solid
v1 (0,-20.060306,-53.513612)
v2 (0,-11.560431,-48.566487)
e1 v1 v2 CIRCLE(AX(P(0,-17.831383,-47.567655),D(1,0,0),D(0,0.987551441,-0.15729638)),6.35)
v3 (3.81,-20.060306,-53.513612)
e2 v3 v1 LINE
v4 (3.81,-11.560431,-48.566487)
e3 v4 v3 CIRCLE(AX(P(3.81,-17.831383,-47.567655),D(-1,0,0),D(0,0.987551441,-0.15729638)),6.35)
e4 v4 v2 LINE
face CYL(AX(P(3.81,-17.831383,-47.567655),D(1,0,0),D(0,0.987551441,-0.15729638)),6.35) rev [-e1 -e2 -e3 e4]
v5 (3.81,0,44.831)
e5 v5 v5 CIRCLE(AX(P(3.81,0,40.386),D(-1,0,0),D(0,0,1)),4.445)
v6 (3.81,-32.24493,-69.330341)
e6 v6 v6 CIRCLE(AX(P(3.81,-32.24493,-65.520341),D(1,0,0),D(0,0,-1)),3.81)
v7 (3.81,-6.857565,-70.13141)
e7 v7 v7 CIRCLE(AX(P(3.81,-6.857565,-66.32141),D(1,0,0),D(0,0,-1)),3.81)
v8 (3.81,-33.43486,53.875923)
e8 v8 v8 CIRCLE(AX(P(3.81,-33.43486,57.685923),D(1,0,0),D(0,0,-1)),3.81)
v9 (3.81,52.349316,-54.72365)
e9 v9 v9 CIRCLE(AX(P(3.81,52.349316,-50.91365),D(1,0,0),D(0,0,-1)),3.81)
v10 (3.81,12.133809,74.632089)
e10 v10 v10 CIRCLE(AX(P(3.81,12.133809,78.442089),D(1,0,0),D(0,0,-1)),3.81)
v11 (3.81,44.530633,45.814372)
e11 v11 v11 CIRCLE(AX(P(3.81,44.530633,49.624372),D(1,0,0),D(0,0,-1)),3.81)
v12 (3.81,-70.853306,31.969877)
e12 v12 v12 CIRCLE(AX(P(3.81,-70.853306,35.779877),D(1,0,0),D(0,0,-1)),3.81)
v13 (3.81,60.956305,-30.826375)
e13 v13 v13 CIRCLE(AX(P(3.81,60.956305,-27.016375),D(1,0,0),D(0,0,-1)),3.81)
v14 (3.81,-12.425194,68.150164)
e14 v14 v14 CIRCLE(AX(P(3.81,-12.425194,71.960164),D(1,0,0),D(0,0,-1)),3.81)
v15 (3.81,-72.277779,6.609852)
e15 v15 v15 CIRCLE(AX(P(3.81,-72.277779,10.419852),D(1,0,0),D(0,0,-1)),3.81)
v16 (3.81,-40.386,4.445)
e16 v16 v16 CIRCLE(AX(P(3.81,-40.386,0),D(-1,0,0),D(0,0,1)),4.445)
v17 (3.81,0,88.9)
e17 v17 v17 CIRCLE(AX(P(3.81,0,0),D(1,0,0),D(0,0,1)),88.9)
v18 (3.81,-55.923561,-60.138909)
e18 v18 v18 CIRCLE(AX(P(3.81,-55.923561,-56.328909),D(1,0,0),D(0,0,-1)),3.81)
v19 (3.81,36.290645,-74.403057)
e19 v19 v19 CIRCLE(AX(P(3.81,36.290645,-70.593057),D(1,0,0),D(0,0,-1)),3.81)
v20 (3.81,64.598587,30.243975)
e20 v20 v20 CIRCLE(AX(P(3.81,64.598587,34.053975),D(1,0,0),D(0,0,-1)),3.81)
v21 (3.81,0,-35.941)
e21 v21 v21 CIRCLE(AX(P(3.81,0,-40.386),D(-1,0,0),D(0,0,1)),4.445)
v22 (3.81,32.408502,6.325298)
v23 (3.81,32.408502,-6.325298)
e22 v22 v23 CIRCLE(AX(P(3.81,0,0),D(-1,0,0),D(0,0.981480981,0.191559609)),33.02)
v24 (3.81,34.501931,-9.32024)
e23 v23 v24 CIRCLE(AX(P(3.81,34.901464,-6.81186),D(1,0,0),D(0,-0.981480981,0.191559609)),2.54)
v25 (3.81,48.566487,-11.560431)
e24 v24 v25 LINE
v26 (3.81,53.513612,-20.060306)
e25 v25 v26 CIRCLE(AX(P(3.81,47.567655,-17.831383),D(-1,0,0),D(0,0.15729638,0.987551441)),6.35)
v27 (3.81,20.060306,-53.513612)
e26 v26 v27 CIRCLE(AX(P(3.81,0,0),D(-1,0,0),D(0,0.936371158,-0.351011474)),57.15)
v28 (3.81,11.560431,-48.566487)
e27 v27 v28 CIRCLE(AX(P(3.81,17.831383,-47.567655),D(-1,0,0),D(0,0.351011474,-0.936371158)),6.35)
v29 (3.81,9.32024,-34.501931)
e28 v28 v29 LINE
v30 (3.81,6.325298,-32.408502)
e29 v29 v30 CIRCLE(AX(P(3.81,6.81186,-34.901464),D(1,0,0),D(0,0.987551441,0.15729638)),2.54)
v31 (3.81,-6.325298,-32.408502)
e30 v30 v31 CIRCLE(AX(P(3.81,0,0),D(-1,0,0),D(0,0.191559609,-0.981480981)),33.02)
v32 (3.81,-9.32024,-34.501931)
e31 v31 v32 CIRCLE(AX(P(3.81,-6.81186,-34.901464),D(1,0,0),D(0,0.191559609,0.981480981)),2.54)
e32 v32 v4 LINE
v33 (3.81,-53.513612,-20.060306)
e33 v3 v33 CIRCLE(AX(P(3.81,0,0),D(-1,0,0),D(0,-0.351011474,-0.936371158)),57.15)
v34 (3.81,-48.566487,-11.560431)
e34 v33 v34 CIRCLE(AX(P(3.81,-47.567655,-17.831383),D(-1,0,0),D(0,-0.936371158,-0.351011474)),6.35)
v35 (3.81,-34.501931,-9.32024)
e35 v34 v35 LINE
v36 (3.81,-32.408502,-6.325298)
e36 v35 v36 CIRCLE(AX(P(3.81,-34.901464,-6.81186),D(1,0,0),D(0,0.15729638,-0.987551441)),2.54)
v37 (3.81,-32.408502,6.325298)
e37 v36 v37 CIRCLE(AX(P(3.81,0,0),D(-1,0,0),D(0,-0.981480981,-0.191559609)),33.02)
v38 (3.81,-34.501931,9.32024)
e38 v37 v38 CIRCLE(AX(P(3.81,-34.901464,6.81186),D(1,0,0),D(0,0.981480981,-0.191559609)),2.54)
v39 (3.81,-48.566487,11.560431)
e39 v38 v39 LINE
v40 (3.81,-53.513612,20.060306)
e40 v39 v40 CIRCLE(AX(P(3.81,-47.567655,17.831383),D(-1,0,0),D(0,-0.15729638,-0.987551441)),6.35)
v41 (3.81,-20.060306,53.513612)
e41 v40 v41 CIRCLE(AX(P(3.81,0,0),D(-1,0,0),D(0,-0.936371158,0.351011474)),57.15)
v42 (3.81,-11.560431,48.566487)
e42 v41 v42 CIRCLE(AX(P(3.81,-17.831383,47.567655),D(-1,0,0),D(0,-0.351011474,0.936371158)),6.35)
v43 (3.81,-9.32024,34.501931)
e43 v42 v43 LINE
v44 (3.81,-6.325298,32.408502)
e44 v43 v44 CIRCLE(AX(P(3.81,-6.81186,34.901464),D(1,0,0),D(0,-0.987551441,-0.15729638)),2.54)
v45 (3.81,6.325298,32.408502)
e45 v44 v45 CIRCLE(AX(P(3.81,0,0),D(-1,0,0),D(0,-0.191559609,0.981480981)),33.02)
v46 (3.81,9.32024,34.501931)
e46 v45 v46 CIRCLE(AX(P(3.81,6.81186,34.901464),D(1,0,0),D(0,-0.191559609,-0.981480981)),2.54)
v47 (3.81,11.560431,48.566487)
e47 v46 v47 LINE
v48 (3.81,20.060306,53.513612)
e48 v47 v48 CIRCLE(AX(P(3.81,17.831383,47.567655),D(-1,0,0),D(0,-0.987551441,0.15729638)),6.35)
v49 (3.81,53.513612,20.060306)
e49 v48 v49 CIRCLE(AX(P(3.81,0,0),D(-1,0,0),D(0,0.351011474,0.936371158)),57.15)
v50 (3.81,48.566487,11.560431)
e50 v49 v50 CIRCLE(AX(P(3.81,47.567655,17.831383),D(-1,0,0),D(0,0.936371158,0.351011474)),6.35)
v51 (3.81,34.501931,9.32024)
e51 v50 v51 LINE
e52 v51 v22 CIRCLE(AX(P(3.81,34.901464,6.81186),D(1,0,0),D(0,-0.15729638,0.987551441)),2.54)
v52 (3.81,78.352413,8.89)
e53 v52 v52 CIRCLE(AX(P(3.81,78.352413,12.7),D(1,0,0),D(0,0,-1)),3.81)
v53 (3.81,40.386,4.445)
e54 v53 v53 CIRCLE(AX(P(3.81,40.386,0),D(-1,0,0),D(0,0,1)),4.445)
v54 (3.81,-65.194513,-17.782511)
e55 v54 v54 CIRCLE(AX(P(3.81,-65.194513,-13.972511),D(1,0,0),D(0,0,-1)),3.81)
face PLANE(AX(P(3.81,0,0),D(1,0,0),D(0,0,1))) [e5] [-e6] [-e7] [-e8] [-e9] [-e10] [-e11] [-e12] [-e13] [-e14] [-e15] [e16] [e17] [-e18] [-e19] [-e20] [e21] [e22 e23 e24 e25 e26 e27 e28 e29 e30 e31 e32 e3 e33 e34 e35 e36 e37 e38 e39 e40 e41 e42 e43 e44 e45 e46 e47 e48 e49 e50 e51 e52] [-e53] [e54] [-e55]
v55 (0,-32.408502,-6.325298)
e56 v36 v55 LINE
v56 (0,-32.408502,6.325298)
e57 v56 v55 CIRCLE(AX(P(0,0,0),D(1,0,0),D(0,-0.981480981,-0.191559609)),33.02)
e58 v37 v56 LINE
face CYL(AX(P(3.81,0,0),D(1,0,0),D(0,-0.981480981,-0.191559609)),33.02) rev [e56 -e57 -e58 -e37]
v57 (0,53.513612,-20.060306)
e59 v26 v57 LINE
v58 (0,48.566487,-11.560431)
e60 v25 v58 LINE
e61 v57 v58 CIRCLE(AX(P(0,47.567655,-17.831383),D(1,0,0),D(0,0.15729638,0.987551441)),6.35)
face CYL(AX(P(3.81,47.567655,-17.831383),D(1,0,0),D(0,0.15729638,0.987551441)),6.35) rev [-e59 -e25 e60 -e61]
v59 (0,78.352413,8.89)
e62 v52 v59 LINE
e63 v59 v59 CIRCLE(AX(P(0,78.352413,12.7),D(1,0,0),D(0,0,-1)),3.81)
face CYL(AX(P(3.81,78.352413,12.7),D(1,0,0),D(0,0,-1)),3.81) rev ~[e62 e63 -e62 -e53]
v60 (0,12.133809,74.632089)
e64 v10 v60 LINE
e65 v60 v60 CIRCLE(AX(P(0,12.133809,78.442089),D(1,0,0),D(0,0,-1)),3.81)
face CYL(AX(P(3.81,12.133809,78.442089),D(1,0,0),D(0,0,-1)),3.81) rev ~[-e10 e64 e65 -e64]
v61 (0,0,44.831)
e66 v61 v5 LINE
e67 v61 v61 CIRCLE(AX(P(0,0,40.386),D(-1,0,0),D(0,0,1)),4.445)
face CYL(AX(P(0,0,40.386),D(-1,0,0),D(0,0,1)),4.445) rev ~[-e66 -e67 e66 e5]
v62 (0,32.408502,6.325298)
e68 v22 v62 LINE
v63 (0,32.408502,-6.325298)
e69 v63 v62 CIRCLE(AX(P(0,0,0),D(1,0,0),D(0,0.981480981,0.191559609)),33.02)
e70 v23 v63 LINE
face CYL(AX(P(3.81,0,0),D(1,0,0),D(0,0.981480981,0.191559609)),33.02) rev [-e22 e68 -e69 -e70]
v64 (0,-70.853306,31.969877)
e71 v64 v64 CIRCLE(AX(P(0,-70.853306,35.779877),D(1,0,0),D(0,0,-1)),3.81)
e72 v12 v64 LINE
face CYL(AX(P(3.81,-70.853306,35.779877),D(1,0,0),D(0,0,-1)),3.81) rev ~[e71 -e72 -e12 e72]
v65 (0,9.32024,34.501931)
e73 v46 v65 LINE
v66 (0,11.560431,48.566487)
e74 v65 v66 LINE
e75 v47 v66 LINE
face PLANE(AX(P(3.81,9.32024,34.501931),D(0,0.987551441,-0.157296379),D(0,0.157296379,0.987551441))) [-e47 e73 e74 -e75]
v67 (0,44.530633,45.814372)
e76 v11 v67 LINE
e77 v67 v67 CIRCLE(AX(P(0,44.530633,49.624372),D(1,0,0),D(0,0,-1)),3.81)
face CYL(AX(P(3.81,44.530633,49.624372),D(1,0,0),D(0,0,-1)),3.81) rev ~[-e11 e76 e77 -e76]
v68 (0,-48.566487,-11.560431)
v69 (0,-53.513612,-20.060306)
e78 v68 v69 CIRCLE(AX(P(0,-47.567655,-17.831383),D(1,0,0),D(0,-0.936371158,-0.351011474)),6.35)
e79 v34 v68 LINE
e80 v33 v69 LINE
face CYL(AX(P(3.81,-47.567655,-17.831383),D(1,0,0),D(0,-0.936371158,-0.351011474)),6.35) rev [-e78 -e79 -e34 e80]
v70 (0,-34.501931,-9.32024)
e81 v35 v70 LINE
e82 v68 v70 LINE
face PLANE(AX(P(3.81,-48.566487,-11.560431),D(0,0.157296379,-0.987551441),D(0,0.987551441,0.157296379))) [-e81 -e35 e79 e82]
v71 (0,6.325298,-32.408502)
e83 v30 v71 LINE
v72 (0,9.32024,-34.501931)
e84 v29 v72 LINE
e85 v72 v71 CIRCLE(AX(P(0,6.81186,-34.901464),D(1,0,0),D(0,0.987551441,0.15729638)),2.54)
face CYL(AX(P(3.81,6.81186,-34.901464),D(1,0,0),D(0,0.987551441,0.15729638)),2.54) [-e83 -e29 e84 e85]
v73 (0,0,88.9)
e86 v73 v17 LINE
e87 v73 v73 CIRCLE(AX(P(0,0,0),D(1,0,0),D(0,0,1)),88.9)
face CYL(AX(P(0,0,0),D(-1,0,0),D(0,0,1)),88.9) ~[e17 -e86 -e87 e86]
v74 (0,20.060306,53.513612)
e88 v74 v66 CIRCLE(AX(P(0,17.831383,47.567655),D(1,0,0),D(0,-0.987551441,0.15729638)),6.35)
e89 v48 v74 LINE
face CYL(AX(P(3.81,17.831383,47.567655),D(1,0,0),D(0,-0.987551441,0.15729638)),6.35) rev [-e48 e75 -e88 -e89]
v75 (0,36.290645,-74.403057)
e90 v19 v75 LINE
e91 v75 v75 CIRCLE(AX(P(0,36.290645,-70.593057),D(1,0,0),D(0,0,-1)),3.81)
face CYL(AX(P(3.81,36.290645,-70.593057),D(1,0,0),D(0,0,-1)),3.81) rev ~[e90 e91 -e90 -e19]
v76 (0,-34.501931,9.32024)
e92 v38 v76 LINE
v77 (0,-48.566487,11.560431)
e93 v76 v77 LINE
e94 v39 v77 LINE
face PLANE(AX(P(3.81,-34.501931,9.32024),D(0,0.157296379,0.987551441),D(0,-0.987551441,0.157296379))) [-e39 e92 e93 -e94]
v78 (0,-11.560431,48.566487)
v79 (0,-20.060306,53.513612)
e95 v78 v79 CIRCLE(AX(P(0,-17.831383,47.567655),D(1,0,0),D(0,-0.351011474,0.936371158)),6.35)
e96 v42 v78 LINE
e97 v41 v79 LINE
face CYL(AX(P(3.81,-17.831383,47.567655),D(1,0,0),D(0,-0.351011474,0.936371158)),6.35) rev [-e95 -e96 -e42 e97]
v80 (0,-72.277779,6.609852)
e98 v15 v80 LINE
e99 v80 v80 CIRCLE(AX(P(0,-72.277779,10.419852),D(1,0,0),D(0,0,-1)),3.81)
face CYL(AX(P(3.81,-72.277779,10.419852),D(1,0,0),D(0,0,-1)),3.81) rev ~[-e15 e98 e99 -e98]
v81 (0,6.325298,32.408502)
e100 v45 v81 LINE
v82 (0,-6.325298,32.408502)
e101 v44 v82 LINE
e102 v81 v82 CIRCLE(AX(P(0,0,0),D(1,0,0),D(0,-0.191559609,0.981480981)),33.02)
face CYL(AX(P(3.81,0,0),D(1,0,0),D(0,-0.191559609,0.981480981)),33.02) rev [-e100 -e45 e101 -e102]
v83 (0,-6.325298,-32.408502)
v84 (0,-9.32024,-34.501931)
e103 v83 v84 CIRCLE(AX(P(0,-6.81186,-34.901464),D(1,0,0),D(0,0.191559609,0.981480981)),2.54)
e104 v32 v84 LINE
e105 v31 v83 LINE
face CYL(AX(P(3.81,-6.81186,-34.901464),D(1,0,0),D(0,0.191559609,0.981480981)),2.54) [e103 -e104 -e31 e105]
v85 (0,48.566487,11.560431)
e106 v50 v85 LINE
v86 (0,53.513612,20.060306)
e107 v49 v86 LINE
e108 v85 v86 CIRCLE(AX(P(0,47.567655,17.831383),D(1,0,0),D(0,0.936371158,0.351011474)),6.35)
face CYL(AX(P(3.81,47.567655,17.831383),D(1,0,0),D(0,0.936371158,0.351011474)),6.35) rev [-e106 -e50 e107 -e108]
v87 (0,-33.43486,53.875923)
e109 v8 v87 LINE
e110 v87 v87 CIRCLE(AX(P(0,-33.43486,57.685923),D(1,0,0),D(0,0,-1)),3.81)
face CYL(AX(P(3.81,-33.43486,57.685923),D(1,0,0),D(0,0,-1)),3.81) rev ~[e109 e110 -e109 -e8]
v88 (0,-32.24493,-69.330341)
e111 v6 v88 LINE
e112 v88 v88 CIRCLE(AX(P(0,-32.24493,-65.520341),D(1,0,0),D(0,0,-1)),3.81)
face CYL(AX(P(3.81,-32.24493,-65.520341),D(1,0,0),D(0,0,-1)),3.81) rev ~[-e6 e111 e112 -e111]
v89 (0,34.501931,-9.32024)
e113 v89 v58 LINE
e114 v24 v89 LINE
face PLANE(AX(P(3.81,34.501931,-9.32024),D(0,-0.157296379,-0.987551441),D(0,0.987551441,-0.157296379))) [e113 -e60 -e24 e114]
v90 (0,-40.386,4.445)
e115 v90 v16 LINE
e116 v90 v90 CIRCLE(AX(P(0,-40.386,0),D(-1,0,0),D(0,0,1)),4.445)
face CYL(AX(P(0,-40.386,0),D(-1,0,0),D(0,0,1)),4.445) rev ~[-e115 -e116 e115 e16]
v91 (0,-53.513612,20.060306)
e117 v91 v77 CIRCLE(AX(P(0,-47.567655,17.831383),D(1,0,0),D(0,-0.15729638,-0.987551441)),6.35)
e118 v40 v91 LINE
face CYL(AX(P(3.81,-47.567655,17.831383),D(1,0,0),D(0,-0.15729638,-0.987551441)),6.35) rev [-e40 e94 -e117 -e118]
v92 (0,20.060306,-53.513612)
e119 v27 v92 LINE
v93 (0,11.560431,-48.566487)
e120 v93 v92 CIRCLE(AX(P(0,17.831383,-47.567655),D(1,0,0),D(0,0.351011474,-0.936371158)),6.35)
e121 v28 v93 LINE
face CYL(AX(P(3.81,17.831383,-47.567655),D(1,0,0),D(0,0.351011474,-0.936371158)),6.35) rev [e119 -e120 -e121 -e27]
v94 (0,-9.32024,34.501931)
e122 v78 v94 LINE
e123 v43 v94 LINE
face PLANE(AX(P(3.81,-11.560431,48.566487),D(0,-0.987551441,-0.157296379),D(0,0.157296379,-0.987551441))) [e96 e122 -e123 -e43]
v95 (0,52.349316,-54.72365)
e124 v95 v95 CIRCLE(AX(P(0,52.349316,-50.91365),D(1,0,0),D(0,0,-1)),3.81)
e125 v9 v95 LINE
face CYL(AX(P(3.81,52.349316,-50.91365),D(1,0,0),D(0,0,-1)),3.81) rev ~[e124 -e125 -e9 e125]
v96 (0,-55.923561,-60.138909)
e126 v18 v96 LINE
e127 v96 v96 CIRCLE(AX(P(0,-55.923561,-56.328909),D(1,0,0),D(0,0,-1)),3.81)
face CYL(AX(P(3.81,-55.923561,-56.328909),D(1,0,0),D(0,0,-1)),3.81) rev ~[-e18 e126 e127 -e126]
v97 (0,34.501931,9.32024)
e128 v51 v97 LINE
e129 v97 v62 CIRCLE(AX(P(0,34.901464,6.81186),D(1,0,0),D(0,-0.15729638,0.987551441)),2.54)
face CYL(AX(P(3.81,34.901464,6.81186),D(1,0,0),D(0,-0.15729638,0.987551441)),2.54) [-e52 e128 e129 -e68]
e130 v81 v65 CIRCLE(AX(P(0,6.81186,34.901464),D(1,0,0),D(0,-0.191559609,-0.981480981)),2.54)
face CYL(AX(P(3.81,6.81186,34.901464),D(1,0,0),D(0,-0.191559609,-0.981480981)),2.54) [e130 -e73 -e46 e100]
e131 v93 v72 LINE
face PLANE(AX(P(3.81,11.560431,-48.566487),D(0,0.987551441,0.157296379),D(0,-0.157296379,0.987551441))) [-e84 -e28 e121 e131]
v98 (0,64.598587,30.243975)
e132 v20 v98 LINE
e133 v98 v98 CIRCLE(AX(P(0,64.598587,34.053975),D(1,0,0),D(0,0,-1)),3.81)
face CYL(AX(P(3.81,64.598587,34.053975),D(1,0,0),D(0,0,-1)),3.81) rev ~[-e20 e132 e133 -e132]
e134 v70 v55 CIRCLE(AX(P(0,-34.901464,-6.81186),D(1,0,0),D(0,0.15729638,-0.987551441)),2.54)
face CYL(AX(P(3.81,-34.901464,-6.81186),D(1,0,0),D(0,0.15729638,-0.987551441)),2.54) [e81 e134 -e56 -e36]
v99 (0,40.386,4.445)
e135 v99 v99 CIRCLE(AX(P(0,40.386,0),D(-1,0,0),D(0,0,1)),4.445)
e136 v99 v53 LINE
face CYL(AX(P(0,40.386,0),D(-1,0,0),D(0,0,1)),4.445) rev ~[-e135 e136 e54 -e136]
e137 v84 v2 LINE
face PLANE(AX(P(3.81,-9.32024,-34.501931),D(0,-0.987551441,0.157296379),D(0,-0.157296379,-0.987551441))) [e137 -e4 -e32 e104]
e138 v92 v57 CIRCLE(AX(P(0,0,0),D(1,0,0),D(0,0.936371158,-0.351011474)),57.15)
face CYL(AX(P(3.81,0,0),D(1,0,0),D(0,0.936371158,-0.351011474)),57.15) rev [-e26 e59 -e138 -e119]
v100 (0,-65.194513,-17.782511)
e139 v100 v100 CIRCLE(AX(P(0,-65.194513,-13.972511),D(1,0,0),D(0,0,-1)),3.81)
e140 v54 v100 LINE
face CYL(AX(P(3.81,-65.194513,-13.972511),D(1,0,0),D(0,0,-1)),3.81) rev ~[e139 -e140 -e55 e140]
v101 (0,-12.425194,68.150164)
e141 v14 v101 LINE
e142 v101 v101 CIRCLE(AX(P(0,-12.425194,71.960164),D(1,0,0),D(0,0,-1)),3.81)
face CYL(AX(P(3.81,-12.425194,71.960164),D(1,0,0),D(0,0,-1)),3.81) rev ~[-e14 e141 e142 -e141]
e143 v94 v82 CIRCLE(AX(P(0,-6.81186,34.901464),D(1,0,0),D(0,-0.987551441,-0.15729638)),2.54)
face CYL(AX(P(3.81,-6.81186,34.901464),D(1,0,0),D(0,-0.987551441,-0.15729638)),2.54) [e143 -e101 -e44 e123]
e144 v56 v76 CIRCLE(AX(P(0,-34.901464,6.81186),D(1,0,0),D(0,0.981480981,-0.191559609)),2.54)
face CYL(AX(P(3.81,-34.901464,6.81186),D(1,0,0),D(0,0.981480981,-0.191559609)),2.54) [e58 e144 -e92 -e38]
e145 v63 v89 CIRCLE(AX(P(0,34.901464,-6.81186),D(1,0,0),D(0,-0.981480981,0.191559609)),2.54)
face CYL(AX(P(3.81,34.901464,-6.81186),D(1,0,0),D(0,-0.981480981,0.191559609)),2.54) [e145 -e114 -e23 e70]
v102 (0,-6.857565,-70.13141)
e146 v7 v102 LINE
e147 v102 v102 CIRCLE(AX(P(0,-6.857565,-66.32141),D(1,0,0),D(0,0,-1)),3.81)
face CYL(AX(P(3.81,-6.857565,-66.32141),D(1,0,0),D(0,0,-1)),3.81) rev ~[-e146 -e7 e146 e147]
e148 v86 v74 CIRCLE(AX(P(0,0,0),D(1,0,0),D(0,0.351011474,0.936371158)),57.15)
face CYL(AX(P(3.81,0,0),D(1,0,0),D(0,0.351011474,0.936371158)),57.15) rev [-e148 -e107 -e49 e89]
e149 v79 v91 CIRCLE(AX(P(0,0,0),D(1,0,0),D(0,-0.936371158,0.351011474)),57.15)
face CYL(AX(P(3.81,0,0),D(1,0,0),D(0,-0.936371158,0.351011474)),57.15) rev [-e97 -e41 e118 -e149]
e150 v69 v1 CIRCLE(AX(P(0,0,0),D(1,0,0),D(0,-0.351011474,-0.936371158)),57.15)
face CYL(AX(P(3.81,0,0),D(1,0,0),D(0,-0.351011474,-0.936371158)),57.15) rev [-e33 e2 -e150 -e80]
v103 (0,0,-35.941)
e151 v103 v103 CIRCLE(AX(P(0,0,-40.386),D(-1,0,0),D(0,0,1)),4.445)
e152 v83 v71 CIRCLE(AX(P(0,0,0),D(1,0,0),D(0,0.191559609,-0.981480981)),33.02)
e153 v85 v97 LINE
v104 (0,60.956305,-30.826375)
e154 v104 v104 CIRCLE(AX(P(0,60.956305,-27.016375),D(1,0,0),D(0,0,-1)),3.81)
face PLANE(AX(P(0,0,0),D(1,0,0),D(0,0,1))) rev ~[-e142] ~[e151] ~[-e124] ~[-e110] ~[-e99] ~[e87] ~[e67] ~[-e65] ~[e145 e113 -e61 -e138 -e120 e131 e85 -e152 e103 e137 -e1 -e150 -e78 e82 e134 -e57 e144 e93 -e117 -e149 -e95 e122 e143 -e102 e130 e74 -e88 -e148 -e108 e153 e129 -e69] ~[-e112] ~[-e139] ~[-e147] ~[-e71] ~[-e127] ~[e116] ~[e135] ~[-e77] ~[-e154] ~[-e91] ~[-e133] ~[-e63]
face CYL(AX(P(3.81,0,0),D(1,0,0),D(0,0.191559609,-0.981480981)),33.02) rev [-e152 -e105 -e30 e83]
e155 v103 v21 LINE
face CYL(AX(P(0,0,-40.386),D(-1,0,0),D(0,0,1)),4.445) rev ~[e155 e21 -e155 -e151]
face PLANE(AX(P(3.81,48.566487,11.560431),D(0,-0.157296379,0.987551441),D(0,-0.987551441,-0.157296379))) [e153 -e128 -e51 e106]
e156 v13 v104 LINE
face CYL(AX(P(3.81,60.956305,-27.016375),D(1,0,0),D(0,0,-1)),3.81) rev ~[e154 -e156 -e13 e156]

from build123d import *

# Parameters (mm, degrees)
SKETCH1_R           = 88.9
BOSS_EXTRUDE2_DEPTH = 3.81
CUT_EXTRUDE1_DEPTH  = 126.781302665
SKETCH4_R           = 4.445
CUT_EXTRUDE2_DEPTH  = 126.781302665
SKETCH5_R           = 3.81
CUT_EXTRUDE3_DEPTH  = 126.781302665


with BuildPart() as part:
    # Sketch1 → Boss-Extrude2 (new body)
    with BuildSketch(Plane(origin=(0, 0, 0), x_dir=(0, 0, -1), z_dir=(1, 0, 0))):
        with Locations(Location((0, 0, 0), (0, 0, 180))):
            Circle(SKETCH1_R)
    extrude(amount=BOSS_EXTRUDE2_DEPTH)

    # Sketch3 → Cut-Extrude1 (cut, through all)
    with BuildSketch(Plane(origin=(3.81, 0, 0), x_dir=(0, 0, -1), z_dir=(1, 0, 0))):
        with BuildLine():
            Line((9.320240363, 34.501930882), (11.560431238, 48.566486821))
            ThreePointArc((11.560431238, 48.566486821), (14.63716777, 53.055777419), (20.060305751, 53.513611663))
            ThreePointArc((20.060305751, 53.513611663), (40.411152545, 40.411152545), (53.513611663, 20.060305751))
            ThreePointArc((53.513611663, 20.060305751), (53.055777419, 14.63716777), (48.566486821, 11.560431238))
            Line((48.566486821, 11.560431238), (34.501930882, 9.320240363))
            ThreePointArc((34.501930882, 9.320240363), (32.819625412, 8.267039897), (32.408501994, 6.325298295))
            ThreePointArc((32.408501994, 6.325298295), (33.02, 0), (32.408501994, -6.325298295))
            ThreePointArc((32.408501994, -6.325298295), (32.819625412, -8.267039897), (34.501930882, -9.320240363))
            Line((34.501930882, -9.320240363), (48.566486821, -11.560431238))
            ThreePointArc((48.566486821, -11.560431238), (53.055777419, -14.63716777), (53.513611663, -20.060305751))
            ThreePointArc((53.513611663, -20.060305751), (40.411152545, -40.411152545), (20.060305751, -53.513611663))
            ThreePointArc((20.060305751, -53.513611663), (14.63716777, -53.055777419), (11.560431238, -48.566486821))
            Line((11.560431238, -48.566486821), (9.320240363, -34.501930882))
            ThreePointArc((9.320240363, -34.501930882), (8.267039897, -32.819625412), (6.325298295, -32.408501994))
            ThreePointArc((6.325298295, -32.408501994), (0, -33.02), (-6.325298295, -32.408501994))
            ThreePointArc((-6.325298295, -32.408501994), (-8.267039897, -32.819625412), (-9.320240363, -34.501930882))
            Line((-9.320240363, -34.501930882), (-11.560431238, -48.566486821))
            ThreePointArc((-11.560431238, -48.566486821), (-14.63716777, -53.055777419), (-20.060305751, -53.513611663))
            ThreePointArc((-20.060305751, -53.513611663), (-40.411152545, -40.411152545), (-53.513611663, -20.060305751))
            ThreePointArc((-53.513611663, -20.060305751), (-53.055777419, -14.63716777), (-48.566486821, -11.560431238))
            Line((-48.566486821, -11.560431238), (-34.501930882, -9.320240363))
            ThreePointArc((-34.501930882, -9.320240363), (-32.819625412, -8.267039897), (-32.408501994, -6.325298295))
            ThreePointArc((-32.408501994, -6.325298295), (-33.02, 0), (-32.408501994, 6.325298295))
            ThreePointArc((-32.408501994, 6.325298295), (-32.819625412, 8.267039897), (-34.501930882, 9.320240363))
            Line((-34.501930882, 9.320240363), (-48.566486821, 11.560431238))
            ThreePointArc((-48.566486821, 11.560431238), (-53.055777419, 14.63716777), (-53.513611663, 20.060305751))
            ThreePointArc((-53.513611663, 20.060305751), (-40.411152545, 40.411152545), (-20.060305751, 53.513611663))
            ThreePointArc((-20.060305751, 53.513611663), (-14.63716777, 53.055777419), (-11.560431238, 48.566486821))
            Line((-11.560431238, 48.566486821), (-9.320240363, 34.501930882))
            ThreePointArc((-9.320240363, 34.501930882), (-8.267039897, 32.819625412), (-6.325298295, 32.408501994))
            ThreePointArc((-6.325298295, 32.408501994), (0, 33.02), (6.325298295, 32.408501994))
            ThreePointArc((6.325298295, 32.408501994), (8.267039897, 32.819625412), (9.320240363, 34.501930882))
        make_face()
    extrude(amount=-CUT_EXTRUDE1_DEPTH, mode=Mode.SUBTRACT)

    # Sketch4 → Cut-Extrude2 (cut, through all)
    with BuildSketch(Plane.ZY):
        with Locations((0, 40.386)):
            Circle(SKETCH4_R)
        with Locations((40.386, 0)):
            Circle(SKETCH4_R)
        with Locations((0, -40.386)):
            Circle(SKETCH4_R)
        with Locations((-40.386, 0)):
            Circle(SKETCH4_R)
    extrude(amount=-CUT_EXTRUDE2_DEPTH, mode=Mode.SUBTRACT)

    # Sketch5 → Cut-Extrude3 (cut, through all)
    with BuildSketch(Plane(origin=(3.81, 0, 0), x_dir=(0, 0, -1), z_dir=(1, 0, 0))):
        with Locations((-12.7, 78.352413013)):
            Circle(SKETCH5_R)
        with Locations((-34.053975265, 64.598586623)):
            Circle(SKETCH5_R)
        with Locations((-49.624372091, 44.530633496)):
            Circle(SKETCH5_R)
        with Locations((70.593057135, 36.290644928)):
            Circle(SKETCH5_R)
        with Locations((50.913649668, 52.349316161)):
            Circle(SKETCH5_R)
        with Locations((27.01637485, 60.956304965)):
            Circle(SKETCH5_R)
        with Locations((56.328908679, -55.923560974)):
            Circle(SKETCH5_R)
        with Locations((65.520341251, -32.244929948)):
            Circle(SKETCH5_R)
        with Locations((66.321410001, -6.857565199)):
            Circle(SKETCH5_R)
        with Locations((-35.779877022, -70.853306382)):
            Circle(SKETCH5_R)
        with Locations((-10.41985182, -72.277778833)):
            Circle(SKETCH5_R)
        with Locations((13.972510712, -65.194513338)):
            Circle(SKETCH5_R)
        with Locations((-78.442088792, 12.133809414)):
            Circle(SKETCH5_R)
        with Locations((-71.960163834, -12.425194003)):
            Circle(SKETCH5_R)
        with Locations((-57.685923473, -33.434859923)):
            Circle(SKETCH5_R)
    extrude(amount=-CUT_EXTRUDE3_DEPTH, mode=Mode.SUBTRACT)


solid = part.part
